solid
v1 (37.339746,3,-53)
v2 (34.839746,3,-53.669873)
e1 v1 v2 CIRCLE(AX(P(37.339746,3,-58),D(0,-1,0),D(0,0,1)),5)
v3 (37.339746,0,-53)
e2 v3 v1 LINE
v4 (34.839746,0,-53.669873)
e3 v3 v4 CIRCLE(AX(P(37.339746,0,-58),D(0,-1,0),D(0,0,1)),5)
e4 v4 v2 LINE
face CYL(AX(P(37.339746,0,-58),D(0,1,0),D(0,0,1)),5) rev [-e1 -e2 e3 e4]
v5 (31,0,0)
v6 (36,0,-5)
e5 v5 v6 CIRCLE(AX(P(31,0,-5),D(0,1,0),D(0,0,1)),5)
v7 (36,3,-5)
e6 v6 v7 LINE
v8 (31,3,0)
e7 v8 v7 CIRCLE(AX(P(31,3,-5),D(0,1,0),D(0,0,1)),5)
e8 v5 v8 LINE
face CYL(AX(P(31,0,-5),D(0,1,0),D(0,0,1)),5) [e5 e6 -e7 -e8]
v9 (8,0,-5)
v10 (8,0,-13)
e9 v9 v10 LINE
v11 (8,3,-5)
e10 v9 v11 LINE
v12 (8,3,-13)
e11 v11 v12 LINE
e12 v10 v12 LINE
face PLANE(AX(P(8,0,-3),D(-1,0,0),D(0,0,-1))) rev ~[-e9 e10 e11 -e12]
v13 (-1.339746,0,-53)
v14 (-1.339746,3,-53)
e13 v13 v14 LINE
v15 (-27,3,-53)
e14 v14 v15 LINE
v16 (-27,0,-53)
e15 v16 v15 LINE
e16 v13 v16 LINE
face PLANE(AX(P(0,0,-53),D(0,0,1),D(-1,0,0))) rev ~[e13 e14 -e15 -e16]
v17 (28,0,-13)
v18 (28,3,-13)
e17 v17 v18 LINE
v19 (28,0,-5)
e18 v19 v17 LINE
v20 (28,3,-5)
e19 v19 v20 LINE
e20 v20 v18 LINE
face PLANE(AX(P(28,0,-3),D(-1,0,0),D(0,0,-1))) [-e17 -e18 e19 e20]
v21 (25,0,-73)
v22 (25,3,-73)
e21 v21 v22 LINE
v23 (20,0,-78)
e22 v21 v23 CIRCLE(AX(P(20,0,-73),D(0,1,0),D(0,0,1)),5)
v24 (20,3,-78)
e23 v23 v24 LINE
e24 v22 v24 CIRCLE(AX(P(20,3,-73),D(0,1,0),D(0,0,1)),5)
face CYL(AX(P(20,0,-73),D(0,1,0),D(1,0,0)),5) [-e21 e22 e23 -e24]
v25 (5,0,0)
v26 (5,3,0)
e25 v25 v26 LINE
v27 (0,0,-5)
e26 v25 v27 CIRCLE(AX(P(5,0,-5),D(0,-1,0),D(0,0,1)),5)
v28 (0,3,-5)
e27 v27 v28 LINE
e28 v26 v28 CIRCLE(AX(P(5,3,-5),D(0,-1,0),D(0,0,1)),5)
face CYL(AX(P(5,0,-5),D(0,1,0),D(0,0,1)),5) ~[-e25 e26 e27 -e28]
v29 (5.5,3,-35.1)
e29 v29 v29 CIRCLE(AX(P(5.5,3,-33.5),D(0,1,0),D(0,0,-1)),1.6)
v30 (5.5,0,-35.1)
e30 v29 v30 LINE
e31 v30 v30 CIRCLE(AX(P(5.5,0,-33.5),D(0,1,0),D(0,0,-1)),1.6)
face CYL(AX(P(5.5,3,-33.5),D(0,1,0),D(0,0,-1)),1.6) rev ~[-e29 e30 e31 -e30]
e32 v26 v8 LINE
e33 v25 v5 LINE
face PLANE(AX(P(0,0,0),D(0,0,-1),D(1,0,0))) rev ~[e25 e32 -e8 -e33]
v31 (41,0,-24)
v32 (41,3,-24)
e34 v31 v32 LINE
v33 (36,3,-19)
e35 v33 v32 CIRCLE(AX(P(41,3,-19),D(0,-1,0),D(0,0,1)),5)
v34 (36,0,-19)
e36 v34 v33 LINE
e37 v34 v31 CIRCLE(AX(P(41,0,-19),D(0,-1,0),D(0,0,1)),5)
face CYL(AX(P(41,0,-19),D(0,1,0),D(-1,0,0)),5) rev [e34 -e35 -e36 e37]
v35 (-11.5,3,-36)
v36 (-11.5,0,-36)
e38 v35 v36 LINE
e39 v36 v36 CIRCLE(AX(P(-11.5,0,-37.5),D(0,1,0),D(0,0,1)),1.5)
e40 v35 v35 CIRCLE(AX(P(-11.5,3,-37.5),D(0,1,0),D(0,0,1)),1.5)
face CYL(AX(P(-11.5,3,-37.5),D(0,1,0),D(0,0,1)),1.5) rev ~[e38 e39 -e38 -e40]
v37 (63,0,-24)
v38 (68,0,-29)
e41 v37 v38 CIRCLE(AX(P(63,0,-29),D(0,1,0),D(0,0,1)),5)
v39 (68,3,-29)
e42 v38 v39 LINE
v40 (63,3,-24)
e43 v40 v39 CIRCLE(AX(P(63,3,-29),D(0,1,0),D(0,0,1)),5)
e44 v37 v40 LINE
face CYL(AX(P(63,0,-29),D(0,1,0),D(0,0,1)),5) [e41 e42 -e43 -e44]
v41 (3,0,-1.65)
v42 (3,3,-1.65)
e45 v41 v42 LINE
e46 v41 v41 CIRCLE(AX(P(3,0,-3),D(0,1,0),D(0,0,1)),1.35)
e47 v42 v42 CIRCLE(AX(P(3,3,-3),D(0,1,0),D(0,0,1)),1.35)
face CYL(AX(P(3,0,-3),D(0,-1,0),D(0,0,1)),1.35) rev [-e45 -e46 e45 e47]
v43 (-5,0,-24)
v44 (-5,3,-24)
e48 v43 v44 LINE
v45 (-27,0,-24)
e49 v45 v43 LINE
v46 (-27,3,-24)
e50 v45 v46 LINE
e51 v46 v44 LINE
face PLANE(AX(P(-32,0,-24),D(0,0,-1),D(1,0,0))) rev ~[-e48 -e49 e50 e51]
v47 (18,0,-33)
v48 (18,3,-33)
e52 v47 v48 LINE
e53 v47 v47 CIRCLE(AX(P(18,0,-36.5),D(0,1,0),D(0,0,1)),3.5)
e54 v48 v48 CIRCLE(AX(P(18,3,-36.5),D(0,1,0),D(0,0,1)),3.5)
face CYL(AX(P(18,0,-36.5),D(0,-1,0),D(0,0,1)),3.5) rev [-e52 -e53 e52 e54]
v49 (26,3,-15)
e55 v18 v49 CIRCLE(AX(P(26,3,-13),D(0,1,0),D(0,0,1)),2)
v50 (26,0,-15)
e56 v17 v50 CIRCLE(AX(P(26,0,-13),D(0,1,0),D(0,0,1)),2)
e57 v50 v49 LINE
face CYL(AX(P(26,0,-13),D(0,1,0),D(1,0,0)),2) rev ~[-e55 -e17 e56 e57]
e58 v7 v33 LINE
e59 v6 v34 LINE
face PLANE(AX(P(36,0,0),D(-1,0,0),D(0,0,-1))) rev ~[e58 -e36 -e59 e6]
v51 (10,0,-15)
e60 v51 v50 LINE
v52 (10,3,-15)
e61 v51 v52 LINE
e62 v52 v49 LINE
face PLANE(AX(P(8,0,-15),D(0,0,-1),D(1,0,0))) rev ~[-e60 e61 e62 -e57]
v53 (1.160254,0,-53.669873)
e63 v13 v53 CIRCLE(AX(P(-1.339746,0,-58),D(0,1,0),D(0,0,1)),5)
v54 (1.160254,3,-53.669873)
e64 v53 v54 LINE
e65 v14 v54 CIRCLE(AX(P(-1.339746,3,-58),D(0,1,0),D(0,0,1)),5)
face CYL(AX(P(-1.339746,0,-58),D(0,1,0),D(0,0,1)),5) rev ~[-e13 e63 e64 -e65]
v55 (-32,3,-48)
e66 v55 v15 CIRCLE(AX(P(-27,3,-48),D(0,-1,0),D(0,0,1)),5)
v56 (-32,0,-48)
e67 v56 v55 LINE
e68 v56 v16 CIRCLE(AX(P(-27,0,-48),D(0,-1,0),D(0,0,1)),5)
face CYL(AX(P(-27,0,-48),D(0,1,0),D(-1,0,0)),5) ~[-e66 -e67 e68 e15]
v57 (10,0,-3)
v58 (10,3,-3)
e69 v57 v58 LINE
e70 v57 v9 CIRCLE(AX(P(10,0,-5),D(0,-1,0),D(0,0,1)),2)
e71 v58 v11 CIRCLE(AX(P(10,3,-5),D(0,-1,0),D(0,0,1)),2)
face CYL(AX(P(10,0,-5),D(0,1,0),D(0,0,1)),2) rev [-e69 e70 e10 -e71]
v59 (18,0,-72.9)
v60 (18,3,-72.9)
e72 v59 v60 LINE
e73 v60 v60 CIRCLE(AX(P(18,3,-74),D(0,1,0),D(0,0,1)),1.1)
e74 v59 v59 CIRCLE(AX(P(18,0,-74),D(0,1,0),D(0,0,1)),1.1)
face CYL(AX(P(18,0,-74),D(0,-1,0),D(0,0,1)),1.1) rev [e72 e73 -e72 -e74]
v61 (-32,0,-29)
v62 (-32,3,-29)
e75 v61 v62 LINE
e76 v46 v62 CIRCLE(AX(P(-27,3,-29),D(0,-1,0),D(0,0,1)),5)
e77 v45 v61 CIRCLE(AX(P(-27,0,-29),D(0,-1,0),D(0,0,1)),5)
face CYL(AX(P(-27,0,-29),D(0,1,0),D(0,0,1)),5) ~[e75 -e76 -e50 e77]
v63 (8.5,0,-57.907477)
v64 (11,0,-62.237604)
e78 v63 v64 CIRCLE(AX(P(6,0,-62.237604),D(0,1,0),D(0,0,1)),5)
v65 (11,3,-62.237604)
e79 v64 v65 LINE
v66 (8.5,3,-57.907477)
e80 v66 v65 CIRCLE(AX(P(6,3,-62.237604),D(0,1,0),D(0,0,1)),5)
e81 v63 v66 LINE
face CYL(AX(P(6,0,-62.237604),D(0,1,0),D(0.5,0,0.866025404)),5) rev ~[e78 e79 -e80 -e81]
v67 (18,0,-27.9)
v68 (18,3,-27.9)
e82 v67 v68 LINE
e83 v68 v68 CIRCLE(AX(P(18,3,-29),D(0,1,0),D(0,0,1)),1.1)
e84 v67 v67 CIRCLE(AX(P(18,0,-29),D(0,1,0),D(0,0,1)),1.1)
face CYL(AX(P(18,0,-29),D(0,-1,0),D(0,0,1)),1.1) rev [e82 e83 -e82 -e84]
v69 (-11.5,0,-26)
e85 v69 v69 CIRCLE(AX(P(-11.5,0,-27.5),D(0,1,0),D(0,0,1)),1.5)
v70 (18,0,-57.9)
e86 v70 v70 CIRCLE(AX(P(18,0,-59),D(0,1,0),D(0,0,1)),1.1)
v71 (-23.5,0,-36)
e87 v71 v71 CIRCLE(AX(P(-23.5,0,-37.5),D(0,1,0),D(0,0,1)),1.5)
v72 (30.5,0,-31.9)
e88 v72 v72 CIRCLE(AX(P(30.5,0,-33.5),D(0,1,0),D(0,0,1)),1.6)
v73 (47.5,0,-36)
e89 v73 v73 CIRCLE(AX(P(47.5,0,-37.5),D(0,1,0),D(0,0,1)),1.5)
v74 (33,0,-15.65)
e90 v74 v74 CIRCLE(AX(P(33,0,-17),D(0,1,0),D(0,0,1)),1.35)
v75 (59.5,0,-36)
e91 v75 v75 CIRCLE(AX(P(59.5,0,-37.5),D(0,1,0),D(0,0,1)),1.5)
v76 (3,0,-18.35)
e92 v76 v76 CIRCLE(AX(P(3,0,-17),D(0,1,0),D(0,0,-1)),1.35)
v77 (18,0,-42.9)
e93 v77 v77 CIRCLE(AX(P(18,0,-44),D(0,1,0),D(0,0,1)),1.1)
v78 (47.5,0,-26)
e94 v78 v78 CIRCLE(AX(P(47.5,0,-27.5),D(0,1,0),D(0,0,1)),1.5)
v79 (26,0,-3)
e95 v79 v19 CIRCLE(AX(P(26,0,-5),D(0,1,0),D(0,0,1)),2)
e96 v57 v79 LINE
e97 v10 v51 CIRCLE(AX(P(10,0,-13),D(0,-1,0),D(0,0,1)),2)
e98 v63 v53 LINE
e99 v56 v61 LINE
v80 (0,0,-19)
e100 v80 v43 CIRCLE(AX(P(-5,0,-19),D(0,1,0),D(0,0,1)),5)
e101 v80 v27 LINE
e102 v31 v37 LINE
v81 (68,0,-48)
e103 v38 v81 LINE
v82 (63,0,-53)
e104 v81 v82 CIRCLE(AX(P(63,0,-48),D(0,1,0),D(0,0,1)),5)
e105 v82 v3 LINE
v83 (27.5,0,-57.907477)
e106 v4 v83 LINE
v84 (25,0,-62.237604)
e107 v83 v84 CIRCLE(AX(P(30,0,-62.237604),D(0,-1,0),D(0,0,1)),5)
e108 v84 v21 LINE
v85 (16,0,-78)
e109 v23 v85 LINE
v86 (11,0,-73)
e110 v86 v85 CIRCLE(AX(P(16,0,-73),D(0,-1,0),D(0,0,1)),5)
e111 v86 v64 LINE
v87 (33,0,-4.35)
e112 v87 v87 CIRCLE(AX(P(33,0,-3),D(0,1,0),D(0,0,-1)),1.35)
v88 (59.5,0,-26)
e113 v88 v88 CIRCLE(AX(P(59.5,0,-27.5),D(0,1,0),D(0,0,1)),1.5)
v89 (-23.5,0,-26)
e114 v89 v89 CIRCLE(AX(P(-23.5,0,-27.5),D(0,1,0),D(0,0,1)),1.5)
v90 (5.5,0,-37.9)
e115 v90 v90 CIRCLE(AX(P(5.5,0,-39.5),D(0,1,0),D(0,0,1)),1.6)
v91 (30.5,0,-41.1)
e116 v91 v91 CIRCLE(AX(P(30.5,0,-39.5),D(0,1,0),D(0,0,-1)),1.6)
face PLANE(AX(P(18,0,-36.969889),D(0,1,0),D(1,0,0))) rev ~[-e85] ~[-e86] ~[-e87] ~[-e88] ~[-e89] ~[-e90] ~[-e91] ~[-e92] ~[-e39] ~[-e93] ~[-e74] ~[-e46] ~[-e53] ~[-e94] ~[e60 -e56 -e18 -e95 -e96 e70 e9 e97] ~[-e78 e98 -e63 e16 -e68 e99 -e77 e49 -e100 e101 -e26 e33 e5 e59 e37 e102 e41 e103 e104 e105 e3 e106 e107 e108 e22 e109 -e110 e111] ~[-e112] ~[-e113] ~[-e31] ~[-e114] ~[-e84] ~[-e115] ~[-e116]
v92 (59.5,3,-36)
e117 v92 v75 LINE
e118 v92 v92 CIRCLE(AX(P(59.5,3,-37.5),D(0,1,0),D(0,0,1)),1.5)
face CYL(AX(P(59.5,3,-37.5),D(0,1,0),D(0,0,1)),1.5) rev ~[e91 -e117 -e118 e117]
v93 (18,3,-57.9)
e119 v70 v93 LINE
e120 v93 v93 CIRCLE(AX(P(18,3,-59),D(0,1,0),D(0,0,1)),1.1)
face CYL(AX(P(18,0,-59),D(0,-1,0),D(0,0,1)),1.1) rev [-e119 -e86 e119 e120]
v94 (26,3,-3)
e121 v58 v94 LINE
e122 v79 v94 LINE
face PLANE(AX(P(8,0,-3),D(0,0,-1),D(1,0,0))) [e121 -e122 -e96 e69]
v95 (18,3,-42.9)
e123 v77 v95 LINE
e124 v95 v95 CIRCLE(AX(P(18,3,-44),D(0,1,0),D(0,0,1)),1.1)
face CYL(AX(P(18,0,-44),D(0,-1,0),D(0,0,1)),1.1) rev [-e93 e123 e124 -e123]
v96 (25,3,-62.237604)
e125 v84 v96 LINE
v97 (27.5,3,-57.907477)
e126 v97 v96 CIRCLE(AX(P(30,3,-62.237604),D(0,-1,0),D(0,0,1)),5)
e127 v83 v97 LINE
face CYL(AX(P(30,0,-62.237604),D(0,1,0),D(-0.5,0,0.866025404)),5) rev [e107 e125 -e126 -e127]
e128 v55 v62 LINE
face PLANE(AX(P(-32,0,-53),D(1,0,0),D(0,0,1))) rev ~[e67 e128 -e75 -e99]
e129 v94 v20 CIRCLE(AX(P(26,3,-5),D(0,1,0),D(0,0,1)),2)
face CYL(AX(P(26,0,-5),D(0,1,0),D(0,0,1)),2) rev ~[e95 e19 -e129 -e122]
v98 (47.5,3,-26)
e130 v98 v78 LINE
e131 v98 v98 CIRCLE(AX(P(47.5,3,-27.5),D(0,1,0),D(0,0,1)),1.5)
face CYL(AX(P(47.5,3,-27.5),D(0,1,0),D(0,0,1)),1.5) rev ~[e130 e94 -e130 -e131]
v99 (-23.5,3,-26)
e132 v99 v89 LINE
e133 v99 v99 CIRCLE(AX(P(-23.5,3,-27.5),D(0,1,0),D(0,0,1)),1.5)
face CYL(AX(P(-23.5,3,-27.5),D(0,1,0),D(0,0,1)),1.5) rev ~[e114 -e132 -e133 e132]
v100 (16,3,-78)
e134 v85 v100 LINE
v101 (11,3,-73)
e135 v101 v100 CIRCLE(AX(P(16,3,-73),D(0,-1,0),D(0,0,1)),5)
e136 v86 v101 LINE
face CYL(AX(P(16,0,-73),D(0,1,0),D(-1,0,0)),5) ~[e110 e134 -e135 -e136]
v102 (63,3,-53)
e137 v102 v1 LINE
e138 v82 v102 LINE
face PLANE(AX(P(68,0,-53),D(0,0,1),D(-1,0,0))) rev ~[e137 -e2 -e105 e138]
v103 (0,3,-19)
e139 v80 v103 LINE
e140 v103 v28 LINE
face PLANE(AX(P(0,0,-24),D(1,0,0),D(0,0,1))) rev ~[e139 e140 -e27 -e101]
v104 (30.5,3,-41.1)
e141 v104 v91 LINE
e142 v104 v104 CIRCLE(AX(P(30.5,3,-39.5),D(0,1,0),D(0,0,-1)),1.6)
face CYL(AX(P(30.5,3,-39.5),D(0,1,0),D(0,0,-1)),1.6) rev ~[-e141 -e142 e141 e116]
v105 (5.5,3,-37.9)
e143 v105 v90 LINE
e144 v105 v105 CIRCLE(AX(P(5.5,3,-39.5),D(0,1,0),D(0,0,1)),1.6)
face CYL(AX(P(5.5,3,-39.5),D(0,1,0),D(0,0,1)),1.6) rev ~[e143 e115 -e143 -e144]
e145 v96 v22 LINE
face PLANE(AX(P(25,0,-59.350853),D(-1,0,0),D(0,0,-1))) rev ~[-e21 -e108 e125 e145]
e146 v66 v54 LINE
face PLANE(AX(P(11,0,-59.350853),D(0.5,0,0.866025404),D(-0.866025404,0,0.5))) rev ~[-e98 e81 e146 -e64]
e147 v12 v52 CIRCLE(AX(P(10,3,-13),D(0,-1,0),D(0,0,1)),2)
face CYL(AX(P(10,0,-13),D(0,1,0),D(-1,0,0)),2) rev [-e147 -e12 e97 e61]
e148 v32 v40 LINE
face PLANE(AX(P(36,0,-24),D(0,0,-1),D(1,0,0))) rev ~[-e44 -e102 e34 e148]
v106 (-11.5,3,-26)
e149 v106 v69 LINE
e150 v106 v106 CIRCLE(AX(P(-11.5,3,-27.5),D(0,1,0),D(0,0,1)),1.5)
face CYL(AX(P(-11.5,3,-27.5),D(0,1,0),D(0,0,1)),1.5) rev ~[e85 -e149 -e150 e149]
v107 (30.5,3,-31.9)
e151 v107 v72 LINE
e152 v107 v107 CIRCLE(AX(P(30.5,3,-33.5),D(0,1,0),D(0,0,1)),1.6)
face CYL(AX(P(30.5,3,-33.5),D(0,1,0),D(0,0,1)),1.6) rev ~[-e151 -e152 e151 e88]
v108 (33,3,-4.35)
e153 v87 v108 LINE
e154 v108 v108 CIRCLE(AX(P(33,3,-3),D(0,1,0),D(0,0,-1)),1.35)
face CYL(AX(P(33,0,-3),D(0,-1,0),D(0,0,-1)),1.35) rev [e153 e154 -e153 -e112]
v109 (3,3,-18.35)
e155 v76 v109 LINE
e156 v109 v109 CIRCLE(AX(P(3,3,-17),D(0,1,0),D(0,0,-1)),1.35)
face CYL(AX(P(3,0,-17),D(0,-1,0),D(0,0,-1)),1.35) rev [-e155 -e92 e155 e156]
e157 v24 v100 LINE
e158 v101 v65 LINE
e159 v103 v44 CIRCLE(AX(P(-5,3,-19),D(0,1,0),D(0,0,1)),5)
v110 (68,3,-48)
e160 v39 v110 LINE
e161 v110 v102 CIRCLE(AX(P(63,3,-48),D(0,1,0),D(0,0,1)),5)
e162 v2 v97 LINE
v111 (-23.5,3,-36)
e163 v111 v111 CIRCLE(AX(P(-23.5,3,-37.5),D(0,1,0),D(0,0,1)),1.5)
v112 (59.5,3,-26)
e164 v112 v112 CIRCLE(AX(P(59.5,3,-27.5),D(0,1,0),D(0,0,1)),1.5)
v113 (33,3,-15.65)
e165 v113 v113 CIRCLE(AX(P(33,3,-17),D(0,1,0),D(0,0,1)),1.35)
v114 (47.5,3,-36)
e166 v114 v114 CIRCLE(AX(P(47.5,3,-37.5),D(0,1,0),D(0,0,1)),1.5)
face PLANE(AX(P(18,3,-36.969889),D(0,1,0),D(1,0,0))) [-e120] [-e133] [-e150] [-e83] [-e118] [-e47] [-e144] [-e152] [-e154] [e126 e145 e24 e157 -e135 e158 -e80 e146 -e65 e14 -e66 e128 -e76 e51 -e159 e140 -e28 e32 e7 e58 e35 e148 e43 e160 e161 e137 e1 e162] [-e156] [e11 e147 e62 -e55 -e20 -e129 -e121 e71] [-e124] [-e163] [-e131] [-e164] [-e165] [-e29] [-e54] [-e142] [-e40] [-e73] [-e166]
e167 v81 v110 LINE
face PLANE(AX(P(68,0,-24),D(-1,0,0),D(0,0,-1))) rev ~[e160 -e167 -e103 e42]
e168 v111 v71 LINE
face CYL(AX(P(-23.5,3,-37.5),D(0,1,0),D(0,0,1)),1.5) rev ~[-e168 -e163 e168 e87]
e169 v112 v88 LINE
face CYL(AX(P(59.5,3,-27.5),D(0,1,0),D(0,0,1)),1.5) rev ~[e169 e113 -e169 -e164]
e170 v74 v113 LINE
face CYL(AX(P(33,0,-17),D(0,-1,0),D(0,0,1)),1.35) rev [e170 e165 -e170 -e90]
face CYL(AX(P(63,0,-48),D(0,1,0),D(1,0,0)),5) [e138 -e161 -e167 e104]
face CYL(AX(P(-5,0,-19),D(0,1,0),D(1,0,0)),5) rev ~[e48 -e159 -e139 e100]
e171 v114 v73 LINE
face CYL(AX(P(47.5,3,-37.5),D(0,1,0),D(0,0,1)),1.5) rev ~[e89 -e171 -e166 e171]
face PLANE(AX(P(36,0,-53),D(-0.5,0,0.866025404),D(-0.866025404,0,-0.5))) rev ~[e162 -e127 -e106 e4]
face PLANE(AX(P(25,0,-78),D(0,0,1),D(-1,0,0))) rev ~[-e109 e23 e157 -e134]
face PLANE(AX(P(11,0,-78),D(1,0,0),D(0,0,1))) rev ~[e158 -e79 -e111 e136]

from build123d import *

# Parameters (mm, degrees)
SKETCH_1_R          = 1.35
SKETCH_1_R_2        = 1.1
SKETCH_1_R_3        = 3.5
SKETCH_1_W          = 20
SKETCH_1_H          = 12
EXTRUDE_1_DEPTH     = 3
FILLET_1_R          = 5
SKETCH_2_R          = 1.6
CUT_EXTRUDE_1_DEPTH = 104.522944317
FILLET_2_R          = 2
SKETCH_4_R          = 1.5
CUT_EXTRUDE_3_DEPTH = 104.522944317


with BuildPart() as part:
    # 草图1 → 凸台-拉伸1 (new body)
    with BuildSketch(Plane(origin=(0, 0, 0), x_dir=(1, 0, 0), z_dir=(0, 1, 0))):
        Polygon((0, 0), (36, 0), (36, 24), (68, 24), (68, 29), (68, 53), (36, 53), (25, 59.350852961), (25, 78), (11, 78), (11, 59.350852961), (0, 53), (-32, 53), (-32, 29), (-32, 24), (0, 24), align=None)
        with Locations(Location((3, 3, 0), (0, 0, 270))):
            Circle(SKETCH_1_R, mode=Mode.SUBTRACT)
        with Locations(Location((3, 17, 0), (0, 0, 90))):
            Circle(SKETCH_1_R, mode=Mode.SUBTRACT)
        with Locations(Location((33, 3, 0), (0, 0, 90))):
            Circle(SKETCH_1_R, mode=Mode.SUBTRACT)
        with Locations(Location((33, 17, 0), (0, 0, 270))):
            Circle(SKETCH_1_R, mode=Mode.SUBTRACT)
        with Locations(Location((18, 74, 0), (0, 0, 270))):
            Circle(SKETCH_1_R_2, mode=Mode.SUBTRACT)
        with Locations(Location((18, 59, 0), (0, 0, 270))):
            Circle(SKETCH_1_R_2, mode=Mode.SUBTRACT)
        with Locations(Location((18, 44, 0), (0, 0, 270))):
            Circle(SKETCH_1_R_2, mode=Mode.SUBTRACT)
        with Locations(Location((18, 29, 0), (0, 0, 270))):
            Circle(SKETCH_1_R_2, mode=Mode.SUBTRACT)
        with Locations(Location((18, 36.5, 0), (0, 0, 270))):
            Circle(SKETCH_1_R_3, mode=Mode.SUBTRACT)
        with Locations((18, 9)):
            Rectangle(SKETCH_1_W, SKETCH_1_H, mode=Mode.SUBTRACT)
    extrude(amount=EXTRUDE_1_DEPTH)

    # 圆角1
    fillet_1_edges = [part.edges().sort_by_distance(p)[0] for p in [
        (11, 1.5, -78),
        (25, 1.5, -78),
        (25, 1.5, -59.350852961),
        (36, 1.5, -53),
        (68, 1.5, -53),
        (68, 1.5, -24),
        (36, 1.5, -24),
        (36, 1.5, 0),
        (0, 1.5, 0),
        (0, 1.5, -24),
        (-32, 1.5, -24),
        (-32, 1.5, -53),
        (0, 1.5, -53),
        (11, 1.5, -59.350852961),
    ]]
    fillet(fillet_1_edges, radius=FILLET_1_R)

    # 草图2 → 切除-拉伸1 (cut, through all)
    with BuildSketch(Plane(origin=(0, 3, 0), x_dir=(1, 0, 0), z_dir=(0, 1, 0))):
        with Locations(Location((5.5, 39.5, 0), (0, 0, 270))):
            Circle(SKETCH_2_R)
        with Locations(Location((5.5, 33.5, 0), (0, 0, 90))):
            Circle(SKETCH_2_R)
        with Locations(Location((30.5, 33.5, 0), (0, 0, 270))):
            Circle(SKETCH_2_R)
        with Locations(Location((30.5, 39.5, 0), (0, 0, 90))):
            Circle(SKETCH_2_R)
    extrude(amount=-CUT_EXTRUDE_1_DEPTH, mode=Mode.SUBTRACT)

    # 圆角2
    fillet_2_edges = [part.edges().sort_by_distance(p)[0] for p in [
        (28, 1.5, -3),
        (28, 1.5, -15),
        (8, 1.5, -15),
        (8, 1.5, -3),
    ]]
    fillet(fillet_2_edges, radius=FILLET_2_R)

    # 草图4 → 切除-拉伸3 (cut, through all)
    with BuildSketch(Plane(origin=(0, 3, 0), x_dir=(1, 0, 0), z_dir=(0, 1, 0))):
        with Locations(Location((-23.5, 37.5, 0), (0, 0, 270))):
            Circle(SKETCH_4_R)
        with Locations(Location((-23.5, 27.5, 0), (0, 0, 270))):
            Circle(SKETCH_4_R)
        with Locations(Location((-11.5, 37.5, 0), (0, 0, 270))):
            Circle(SKETCH_4_R)
        with Locations(Location((-11.5, 27.5, 0), (0, 0, 270))):
            Circle(SKETCH_4_R)
        with Locations(Location((47.5, 27.5, 0), (0, 0, 270))):
            Circle(SKETCH_4_R)
        with Locations(Location((47.5, 37.5, 0), (0, 0, 270))):
            Circle(SKETCH_4_R)
        with Locations(Location((59.5, 37.5, 0), (0, 0, 270))):
            Circle(SKETCH_4_R)
        with Locations(Location((59.5, 27.5, 0), (0, 0, 270))):
            Circle(SKETCH_4_R)
    extrude(amount=-CUT_EXTRUDE_3_DEPTH, mode=Mode.SUBTRACT)


solid = part.part
